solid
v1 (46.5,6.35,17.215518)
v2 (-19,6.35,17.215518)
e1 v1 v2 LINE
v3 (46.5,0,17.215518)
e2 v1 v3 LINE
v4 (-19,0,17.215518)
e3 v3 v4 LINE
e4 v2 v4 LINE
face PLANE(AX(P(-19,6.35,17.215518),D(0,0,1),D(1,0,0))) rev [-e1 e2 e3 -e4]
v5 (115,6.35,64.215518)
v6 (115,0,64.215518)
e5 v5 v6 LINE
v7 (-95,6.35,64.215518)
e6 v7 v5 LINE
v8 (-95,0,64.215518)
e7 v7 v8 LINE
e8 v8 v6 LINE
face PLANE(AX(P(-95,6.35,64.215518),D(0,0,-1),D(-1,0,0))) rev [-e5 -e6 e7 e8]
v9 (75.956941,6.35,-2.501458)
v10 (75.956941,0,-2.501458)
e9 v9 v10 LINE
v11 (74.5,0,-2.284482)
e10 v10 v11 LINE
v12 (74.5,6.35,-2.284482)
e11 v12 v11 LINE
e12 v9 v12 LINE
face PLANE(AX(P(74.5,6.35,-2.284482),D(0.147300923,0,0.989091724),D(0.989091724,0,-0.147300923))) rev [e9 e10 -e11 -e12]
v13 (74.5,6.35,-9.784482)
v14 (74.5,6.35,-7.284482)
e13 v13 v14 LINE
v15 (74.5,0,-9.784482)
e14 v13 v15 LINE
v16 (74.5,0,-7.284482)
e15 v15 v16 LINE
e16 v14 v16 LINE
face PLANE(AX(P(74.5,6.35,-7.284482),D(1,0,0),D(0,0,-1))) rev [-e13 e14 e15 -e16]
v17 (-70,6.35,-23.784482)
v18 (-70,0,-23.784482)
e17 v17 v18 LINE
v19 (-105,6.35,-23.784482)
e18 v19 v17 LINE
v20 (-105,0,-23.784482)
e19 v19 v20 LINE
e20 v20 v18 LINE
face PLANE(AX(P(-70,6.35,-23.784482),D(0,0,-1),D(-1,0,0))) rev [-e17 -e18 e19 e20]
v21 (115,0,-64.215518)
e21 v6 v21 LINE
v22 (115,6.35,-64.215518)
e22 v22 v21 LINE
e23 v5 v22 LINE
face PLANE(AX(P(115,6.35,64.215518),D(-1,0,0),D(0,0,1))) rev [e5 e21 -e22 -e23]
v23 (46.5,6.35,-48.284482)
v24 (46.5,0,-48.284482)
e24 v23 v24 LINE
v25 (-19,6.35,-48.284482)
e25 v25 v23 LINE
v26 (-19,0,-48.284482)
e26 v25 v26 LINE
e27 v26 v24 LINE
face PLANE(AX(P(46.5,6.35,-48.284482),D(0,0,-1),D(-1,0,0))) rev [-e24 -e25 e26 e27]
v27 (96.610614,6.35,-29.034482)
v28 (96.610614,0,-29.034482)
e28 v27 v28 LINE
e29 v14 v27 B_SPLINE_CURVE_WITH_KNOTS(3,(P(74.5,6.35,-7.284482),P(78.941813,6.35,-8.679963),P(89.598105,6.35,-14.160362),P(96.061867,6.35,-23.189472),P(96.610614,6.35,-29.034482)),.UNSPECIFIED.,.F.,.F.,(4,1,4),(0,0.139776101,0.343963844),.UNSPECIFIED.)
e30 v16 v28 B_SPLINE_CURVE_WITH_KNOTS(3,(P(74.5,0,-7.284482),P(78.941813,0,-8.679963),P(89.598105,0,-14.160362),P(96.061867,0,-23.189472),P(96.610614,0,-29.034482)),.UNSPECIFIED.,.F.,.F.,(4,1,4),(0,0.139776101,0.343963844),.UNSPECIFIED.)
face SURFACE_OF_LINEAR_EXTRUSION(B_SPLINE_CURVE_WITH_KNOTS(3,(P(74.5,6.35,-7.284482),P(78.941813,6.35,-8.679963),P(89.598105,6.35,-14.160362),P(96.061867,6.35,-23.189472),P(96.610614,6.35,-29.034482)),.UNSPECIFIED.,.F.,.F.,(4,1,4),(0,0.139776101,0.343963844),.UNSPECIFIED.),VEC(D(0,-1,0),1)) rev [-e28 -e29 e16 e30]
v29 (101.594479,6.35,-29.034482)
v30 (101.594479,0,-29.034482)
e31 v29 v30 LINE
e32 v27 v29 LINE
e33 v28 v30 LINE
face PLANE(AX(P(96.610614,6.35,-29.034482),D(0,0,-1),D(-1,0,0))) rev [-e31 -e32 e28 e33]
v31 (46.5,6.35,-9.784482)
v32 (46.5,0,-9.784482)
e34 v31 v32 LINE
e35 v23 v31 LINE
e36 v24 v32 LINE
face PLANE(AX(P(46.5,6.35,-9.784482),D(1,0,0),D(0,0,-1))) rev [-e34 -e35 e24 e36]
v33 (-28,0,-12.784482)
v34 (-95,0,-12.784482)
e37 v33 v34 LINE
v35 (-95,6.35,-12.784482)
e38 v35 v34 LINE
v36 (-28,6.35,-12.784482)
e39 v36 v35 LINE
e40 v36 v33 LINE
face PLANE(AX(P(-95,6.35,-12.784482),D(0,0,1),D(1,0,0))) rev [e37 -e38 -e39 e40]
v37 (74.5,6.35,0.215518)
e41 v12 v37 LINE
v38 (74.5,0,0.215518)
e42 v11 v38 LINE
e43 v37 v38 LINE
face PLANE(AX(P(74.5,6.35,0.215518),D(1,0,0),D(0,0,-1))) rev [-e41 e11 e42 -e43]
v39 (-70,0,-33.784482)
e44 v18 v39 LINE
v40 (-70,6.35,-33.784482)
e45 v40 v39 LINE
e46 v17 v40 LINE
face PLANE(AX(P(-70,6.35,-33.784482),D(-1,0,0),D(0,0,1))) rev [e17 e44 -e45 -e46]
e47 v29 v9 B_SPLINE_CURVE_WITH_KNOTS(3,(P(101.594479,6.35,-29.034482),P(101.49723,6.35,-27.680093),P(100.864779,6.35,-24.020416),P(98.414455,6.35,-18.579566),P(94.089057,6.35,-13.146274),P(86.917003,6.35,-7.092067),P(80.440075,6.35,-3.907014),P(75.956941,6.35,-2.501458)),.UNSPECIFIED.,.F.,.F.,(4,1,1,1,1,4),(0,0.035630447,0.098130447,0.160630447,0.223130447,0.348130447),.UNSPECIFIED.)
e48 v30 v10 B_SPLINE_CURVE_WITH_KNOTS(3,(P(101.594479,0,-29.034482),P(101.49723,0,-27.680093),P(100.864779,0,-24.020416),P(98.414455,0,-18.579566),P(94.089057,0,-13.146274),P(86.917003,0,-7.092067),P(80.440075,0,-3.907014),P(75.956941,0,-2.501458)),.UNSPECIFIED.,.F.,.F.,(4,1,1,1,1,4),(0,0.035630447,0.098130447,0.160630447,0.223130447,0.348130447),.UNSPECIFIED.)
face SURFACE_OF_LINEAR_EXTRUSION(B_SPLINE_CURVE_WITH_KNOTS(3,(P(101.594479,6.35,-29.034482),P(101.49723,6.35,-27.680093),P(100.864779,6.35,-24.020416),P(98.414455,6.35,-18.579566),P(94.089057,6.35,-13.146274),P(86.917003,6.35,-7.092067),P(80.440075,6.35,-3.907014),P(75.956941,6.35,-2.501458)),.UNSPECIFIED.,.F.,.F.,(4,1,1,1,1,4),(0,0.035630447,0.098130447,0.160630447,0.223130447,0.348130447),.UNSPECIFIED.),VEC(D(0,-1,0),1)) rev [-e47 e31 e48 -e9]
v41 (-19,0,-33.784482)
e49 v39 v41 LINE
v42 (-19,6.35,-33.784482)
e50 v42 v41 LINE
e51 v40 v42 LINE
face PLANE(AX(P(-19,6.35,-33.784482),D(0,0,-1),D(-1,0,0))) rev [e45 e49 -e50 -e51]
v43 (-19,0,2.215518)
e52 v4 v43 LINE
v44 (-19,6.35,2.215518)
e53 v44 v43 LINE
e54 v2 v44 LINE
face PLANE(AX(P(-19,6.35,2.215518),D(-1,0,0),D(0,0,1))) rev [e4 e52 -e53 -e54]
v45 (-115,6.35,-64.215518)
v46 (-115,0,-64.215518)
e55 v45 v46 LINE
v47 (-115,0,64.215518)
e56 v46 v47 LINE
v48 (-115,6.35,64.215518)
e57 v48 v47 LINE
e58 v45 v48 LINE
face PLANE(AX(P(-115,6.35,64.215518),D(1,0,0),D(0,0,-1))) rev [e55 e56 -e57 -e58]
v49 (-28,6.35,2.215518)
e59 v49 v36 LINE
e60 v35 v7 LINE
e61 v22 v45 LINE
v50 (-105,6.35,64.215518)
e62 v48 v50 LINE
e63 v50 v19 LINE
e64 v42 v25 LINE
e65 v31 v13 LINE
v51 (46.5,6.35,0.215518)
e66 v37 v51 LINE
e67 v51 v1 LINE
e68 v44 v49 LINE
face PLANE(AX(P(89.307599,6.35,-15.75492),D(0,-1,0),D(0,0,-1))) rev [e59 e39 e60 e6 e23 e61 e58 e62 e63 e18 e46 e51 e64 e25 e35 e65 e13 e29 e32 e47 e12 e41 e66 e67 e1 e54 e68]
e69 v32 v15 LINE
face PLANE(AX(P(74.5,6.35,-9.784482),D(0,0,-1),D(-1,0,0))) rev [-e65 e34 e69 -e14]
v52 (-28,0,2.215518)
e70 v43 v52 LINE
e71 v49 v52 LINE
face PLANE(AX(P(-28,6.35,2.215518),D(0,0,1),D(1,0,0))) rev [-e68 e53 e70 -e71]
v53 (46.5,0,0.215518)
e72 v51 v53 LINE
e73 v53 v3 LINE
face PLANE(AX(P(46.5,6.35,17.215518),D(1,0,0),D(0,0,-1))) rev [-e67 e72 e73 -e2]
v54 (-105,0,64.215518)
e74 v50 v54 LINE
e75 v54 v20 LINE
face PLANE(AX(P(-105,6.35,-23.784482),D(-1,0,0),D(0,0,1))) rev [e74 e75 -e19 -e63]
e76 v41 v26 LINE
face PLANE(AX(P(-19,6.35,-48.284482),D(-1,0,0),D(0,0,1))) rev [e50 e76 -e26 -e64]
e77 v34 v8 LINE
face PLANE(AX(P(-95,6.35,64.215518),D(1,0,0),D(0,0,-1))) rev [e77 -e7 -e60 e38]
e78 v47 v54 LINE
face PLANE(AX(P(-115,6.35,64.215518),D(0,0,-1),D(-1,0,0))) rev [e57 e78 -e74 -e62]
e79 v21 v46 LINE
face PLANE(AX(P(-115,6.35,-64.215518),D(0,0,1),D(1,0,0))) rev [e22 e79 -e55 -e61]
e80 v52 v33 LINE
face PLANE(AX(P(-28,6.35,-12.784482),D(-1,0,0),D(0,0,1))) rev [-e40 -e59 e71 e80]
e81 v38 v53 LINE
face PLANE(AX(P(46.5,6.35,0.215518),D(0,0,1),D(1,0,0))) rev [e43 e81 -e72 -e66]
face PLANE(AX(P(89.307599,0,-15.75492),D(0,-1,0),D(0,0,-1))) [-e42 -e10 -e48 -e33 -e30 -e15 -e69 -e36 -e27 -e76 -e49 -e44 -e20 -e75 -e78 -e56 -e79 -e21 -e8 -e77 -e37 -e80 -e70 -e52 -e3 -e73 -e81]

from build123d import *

# Parameters (mm, degrees)
BOSS_EXTRUDE1_DEPTH = 6.35


with BuildPart() as part:
    # Sketch1 → Boss-Extrude1 (new body)
    with BuildSketch(Plane(origin=(0, 0, 0), x_dir=(1, 0, 0), z_dir=(0, 1, 0))):
        with BuildLine():
            Line((-115, -64.215517859), (-105, -64.215517859))
            Line((-105, -64.215517859), (-105, 23.784482141))
            Line((-105, 23.784482141), (-70, 23.784482141))
            Line((-70, 23.784482141), (-70, 33.784482141))
            Line((-70, 33.784482141), (-19, 33.784482141))
            Line((-19, 33.784482141), (-19, 48.284482141))
            Line((-19, 48.284482141), (46.5, 48.284482141))
            Line((46.5, 48.284482141), (46.5, 9.784482141))
            Line((46.5, 9.784482141), (74.5, 9.784482141))
            Line((74.5, 9.784482141), (74.5, 7.284482141))
            add(Edge.make_bspline(
                [(74.5, 7.284482141), (78.941812559, 8.679963078), (89.598105333, 14.160361523), (96.061867219, 23.189471951), (96.610613644, 29.034482141)],
                knots=[0, 0, 0, 0, 0.139776101, 0.343963844, 0.343963844, 0.343963844, 0.343963844], degree=3))
            Line((96.610613644, 29.034482141), (101.594478802, 29.034482141))
            add(Edge.make_bspline(
                [(75.956941241, 2.501457761), (80.440075067, 3.907014197), (86.917003439, 7.092067173), (94.089056782, 13.146274012), (98.414454942, 18.57956616), (100.864778933, 24.020415983), (101.497230208, 27.680092848), (101.594478802, 29.034482141)],
                knots=[0, 0, 0, 0, 0.125, 0.1875, 0.25, 0.3125, 0.348130447, 0.348130447, 0.348130447, 0.348130447], degree=3))
            Line((75.956941241, 2.501457761), (74.5, 2.284482141))
            Line((74.5, 2.284482141), (74.5, -0.215517859))
            Line((74.5, -0.215517859), (46.5, -0.215517859))
            Line((46.5, -0.215517859), (46.5, -17.215517859))
            Line((46.5, -17.215517859), (-19, -17.215517859))
            Line((-19, -17.215517859), (-19, -2.215517859))
            Line((-19, -2.215517859), (-28, -2.215517859))
            Line((-28, -2.215517859), (-28, 12.784482141))
            Line((-28, 12.784482141), (-95, 12.784482141))
            Line((-95, 12.784482141), (-95, -64.215517859))
            Line((-95, -64.215517859), (115, -64.215517859))
            Line((115, -64.215517859), (115, 64.215517859))
            Line((115, 64.215517859), (-115, 64.215517859))
            Line((-115, 64.215517859), (-115, -64.215517859))
        make_face()
    extrude(amount=BOSS_EXTRUDE1_DEPTH)


solid = part.part
